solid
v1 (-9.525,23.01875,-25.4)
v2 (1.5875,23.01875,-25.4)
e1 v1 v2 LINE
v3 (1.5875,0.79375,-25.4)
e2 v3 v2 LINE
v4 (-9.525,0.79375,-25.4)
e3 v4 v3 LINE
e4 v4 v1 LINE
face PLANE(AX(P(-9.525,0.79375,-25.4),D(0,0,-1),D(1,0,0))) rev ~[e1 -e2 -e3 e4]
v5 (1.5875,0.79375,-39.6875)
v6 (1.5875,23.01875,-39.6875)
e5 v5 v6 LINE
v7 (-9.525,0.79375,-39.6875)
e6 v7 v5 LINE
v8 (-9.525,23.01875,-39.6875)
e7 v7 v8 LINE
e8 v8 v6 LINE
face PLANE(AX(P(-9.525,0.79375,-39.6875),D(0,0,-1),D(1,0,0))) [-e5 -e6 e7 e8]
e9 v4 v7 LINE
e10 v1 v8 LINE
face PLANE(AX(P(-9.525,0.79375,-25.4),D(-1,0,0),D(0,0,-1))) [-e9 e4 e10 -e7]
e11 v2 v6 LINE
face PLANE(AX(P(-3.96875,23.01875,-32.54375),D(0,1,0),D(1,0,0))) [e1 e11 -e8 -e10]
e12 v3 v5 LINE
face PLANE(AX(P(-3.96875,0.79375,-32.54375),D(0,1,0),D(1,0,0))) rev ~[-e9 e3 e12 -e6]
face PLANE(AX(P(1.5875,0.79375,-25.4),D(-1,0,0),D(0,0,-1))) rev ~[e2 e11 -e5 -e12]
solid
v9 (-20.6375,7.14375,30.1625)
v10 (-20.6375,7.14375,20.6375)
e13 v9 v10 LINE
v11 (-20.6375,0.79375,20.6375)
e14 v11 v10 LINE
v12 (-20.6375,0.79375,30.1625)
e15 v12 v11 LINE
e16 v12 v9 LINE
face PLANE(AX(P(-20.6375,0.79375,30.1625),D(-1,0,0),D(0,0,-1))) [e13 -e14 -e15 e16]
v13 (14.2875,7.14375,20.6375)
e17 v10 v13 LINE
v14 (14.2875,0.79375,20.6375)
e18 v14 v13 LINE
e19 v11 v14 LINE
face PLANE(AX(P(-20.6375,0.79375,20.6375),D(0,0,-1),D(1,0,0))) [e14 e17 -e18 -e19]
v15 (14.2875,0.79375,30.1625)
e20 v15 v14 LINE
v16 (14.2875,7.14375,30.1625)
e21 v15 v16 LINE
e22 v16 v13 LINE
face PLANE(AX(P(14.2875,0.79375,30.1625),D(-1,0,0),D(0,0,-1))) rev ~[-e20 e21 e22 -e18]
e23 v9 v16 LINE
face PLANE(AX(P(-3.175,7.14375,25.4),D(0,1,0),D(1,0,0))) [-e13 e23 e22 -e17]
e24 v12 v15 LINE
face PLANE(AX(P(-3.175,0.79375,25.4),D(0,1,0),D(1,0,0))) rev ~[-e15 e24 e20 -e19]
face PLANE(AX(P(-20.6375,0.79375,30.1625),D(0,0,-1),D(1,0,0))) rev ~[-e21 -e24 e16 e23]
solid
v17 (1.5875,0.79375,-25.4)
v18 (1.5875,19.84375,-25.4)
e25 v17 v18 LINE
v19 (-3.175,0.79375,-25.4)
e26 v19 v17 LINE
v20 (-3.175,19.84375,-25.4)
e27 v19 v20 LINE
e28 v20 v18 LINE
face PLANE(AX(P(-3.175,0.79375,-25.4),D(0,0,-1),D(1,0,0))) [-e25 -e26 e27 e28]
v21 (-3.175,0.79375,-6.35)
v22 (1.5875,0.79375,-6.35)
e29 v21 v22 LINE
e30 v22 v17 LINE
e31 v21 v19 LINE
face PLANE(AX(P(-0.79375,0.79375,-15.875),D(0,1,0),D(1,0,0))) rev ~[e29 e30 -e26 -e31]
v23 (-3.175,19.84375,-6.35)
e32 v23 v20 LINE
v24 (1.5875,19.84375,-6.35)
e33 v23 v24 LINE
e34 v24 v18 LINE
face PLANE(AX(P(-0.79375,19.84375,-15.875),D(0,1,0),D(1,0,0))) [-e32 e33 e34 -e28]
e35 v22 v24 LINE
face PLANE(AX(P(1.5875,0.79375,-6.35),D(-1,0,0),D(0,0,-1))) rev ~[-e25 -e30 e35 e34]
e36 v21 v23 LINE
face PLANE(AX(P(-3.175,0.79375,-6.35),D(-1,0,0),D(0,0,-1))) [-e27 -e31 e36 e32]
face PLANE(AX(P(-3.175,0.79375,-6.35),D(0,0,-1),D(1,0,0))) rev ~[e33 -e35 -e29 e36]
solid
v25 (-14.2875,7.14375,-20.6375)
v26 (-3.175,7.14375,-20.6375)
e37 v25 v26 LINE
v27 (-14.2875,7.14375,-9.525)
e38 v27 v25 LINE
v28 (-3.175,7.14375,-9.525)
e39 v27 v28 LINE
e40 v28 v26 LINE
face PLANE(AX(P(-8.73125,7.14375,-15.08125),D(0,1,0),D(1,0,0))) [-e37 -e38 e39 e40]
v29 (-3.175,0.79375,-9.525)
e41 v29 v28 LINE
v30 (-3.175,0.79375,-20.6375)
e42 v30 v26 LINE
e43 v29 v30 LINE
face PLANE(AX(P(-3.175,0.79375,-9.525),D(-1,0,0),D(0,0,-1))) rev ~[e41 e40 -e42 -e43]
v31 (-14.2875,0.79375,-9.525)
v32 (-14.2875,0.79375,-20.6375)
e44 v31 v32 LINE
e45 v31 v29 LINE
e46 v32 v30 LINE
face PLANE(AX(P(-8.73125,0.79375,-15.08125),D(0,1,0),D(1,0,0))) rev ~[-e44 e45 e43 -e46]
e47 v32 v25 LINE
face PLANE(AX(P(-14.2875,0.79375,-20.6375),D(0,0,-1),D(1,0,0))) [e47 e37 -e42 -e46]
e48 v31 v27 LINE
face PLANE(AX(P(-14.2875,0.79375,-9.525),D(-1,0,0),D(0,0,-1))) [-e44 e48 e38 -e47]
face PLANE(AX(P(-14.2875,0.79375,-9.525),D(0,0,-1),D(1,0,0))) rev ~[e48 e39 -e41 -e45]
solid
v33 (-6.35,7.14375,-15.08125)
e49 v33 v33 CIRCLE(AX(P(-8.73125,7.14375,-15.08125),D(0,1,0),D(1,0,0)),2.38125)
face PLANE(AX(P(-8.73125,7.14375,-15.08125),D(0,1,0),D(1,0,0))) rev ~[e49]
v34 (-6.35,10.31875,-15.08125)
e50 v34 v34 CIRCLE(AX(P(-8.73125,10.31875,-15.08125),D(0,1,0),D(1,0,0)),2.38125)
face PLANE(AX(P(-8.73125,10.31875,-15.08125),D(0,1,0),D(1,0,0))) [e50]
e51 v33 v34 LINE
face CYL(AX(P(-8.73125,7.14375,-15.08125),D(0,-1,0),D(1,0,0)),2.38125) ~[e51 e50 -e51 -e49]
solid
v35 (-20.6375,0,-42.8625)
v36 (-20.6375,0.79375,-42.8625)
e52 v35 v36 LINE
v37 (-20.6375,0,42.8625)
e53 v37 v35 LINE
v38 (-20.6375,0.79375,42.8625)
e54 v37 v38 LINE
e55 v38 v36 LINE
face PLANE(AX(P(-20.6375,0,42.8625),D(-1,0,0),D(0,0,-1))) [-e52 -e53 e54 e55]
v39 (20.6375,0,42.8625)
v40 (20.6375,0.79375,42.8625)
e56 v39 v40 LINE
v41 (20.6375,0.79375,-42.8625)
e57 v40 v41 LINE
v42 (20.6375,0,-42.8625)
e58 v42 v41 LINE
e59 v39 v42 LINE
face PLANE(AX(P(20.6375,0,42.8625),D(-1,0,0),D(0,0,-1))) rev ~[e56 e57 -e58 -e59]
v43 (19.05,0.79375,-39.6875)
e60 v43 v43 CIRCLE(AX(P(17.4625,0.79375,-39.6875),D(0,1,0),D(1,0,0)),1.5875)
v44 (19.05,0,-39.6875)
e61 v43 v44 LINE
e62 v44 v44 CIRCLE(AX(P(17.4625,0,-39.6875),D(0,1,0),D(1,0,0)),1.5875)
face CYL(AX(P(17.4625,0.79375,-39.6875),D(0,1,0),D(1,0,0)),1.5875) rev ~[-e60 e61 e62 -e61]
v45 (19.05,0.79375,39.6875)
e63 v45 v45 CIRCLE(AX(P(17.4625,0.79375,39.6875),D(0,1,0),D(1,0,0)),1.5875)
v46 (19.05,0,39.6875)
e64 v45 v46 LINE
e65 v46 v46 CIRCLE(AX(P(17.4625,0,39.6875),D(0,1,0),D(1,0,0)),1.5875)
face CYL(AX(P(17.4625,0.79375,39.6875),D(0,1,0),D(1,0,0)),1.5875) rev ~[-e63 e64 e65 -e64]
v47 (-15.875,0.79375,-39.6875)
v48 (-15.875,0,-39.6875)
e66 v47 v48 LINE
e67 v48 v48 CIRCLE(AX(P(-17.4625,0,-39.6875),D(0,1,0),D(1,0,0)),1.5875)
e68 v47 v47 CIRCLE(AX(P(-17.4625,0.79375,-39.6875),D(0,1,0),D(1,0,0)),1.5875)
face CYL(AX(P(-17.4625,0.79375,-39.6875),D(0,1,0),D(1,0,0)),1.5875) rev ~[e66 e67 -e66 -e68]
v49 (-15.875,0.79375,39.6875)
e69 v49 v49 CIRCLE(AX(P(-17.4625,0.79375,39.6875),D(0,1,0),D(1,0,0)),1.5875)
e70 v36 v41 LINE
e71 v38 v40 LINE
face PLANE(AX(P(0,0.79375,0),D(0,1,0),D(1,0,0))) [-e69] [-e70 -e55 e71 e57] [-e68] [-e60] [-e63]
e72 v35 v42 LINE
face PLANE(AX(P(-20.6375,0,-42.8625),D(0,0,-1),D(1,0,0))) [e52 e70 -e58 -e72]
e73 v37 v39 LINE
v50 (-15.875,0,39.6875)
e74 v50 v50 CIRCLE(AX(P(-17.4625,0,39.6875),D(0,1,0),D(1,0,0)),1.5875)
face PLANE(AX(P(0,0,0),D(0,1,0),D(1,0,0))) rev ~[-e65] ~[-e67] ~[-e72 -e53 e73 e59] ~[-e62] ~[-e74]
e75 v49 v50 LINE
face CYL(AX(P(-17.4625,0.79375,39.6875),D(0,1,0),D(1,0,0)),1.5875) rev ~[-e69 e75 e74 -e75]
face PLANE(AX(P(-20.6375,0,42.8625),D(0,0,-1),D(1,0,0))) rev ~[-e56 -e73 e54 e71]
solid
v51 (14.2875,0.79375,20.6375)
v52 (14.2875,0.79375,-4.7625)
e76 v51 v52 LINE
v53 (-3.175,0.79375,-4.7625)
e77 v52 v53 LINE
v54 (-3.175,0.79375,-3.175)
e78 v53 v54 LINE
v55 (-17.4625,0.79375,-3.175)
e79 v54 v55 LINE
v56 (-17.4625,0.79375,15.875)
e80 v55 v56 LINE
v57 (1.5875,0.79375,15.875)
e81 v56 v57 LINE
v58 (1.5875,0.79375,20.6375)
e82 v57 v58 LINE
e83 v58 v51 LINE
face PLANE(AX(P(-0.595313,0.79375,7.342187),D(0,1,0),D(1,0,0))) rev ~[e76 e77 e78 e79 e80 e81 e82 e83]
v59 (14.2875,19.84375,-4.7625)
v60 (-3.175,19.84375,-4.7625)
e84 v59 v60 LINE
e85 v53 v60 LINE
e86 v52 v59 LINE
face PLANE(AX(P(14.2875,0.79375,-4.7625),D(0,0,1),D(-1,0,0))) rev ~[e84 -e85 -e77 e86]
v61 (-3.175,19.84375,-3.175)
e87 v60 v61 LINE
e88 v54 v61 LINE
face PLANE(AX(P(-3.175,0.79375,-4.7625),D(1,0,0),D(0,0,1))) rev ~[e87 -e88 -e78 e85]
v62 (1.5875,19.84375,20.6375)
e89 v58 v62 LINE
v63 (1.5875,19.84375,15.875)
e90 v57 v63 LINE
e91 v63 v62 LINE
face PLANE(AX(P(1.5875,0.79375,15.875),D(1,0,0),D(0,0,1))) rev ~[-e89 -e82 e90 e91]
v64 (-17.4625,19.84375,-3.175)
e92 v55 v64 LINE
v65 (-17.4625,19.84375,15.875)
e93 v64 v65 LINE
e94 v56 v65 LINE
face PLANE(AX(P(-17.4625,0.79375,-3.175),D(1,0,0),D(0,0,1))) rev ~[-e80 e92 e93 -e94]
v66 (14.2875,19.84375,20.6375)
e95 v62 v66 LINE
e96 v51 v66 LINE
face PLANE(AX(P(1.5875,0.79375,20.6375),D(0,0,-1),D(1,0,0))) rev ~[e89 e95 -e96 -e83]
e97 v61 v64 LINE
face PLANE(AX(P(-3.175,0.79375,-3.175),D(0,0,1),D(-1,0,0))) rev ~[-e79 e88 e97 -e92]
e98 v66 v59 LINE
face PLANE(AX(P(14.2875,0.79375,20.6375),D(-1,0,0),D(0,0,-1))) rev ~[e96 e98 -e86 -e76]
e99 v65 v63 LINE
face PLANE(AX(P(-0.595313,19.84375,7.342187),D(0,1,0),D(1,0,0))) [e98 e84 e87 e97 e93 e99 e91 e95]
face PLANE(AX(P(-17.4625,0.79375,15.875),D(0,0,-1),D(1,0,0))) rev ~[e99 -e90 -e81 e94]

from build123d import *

# Parameters (mm, degrees)
SKETCH1_W           = 41.275
SKETCH1_H           = 85.725
BOSS_EXTRUDE1_DEPTH = 0.79375
SKETCH2_W           = 34.925
SKETCH2_H           = 9.525
BOSS_EXTRUDE2_DEPTH = 6.35
BOSS_EXTRUDE3_DEPTH = 19.05
SKETCH4_W           = 11.1125
SKETCH4_H           = 11.1125
BOSS_EXTRUDE4_DEPTH = 6.35
SKETCH5_R           = 2.38125
BOSS_EXTRUDE5_DEPTH = 3.175
SKETCH6_W           = 4.7625
SKETCH6_H           = 19.05
BOSS_EXTRUDE6_DEPTH = 19.05
SKETCH7_W           = 11.1125
SKETCH7_H           = 14.2875
BOSS_EXTRUDE7_DEPTH = 22.225
SKETCH8_R           = 1.5875
CUT_EXTRUDE1_DEPTH  = 1.79375


with BuildPart() as part:
    # Sketch1 → Boss-Extrude1 (new body)
    with BuildSketch(Plane(origin=(0, 0, 0), x_dir=(1, 0, 0), z_dir=(0, 1, 0))):
        Rectangle(SKETCH1_W, SKETCH1_H)
    extrude(amount=BOSS_EXTRUDE1_DEPTH)

    # Sketch8 → Cut-Extrude1 (cut, through all)
    with BuildSketch(Plane(origin=(0, 0.79375, 0), x_dir=(1, 0, 0), z_dir=(0, 1, 0))):
        with Locations((-17.4625, 39.6875)):
            Circle(SKETCH8_R)
        with Locations((17.4625, 39.6875)):
            Circle(SKETCH8_R)
        with Locations((-17.4625, -39.6875)):
            Circle(SKETCH8_R)
        with Locations((17.4625, -39.6875)):
            Circle(SKETCH8_R)
    extrude(amount=-CUT_EXTRUDE1_DEPTH, mode=Mode.SUBTRACT)


with BuildPart() as body_2:
    # Sketch2 → Boss-Extrude2 (new body)
    with BuildSketch(Plane(origin=(0, 0.79375, 0), x_dir=(1, 0, 0), z_dir=(0, 1, 0))):
        with Locations((-3.175, -25.4)):
            Rectangle(SKETCH2_W, SKETCH2_H)
    extrude(amount=BOSS_EXTRUDE2_DEPTH)


with BuildPart() as body_3:
    # Sketch3 → Boss-Extrude3 (new body)
    with BuildSketch(Plane(origin=(0, 0.79375, 0), x_dir=(1, 0, 0), z_dir=(0, 1, 0))):
        Polygon((14.2875, -20.6375), (14.2875, 4.7625), (-3.175, 4.7625), (-3.175, 3.175), (-17.4625, 3.175), (-17.4625, -15.875), (1.5875, -15.875), (1.5875, -20.6375), align=None)
    extrude(amount=BOSS_EXTRUDE3_DEPTH)


with BuildPart() as body_4:
    # Sketch4 → Boss-Extrude4 (new body)
    with BuildSketch(Plane(origin=(0, 0.79375, 0), x_dir=(1, 0, 0), z_dir=(0, 1, 0))):
        with Locations((-8.73125, 15.08125)):
            Rectangle(SKETCH4_W, SKETCH4_H)
    extrude(amount=BOSS_EXTRUDE4_DEPTH)


with BuildPart() as body_5:
    # Sketch5 → Boss-Extrude5 (new body)
    with BuildSketch(Plane(origin=(0, 7.14375, 0), x_dir=(1, 0, 0), z_dir=(0, 1, 0))):
        with Locations((-8.73125, 15.08125)):
            Circle(SKETCH5_R)
    extrude(amount=BOSS_EXTRUDE5_DEPTH)


with BuildPart() as body_6:
    # Sketch6 → Boss-Extrude6 (new body)
    with BuildSketch(Plane(origin=(0, 0.79375, 0), x_dir=(1, 0, 0), z_dir=(0, 1, 0))):
        with Locations((-0.79375, 15.875)):
            Rectangle(SKETCH6_W, SKETCH6_H)
    extrude(amount=BOSS_EXTRUDE6_DEPTH)


with BuildPart() as body_7:
    # Sketch7 → Boss-Extrude7 (new body)
    with BuildSketch(Plane(origin=(0, 0.79375, 0), x_dir=(1, 0, 0), z_dir=(0, 1, 0))):
        with Locations((-3.96875, 32.54375)):
            Rectangle(SKETCH7_W, SKETCH7_H)
    extrude(amount=BOSS_EXTRUDE7_DEPTH)


solid = Compound([part.part, body_2.part, body_3.part, body_4.part, body_5.part, body_6.part, body_7.part])
